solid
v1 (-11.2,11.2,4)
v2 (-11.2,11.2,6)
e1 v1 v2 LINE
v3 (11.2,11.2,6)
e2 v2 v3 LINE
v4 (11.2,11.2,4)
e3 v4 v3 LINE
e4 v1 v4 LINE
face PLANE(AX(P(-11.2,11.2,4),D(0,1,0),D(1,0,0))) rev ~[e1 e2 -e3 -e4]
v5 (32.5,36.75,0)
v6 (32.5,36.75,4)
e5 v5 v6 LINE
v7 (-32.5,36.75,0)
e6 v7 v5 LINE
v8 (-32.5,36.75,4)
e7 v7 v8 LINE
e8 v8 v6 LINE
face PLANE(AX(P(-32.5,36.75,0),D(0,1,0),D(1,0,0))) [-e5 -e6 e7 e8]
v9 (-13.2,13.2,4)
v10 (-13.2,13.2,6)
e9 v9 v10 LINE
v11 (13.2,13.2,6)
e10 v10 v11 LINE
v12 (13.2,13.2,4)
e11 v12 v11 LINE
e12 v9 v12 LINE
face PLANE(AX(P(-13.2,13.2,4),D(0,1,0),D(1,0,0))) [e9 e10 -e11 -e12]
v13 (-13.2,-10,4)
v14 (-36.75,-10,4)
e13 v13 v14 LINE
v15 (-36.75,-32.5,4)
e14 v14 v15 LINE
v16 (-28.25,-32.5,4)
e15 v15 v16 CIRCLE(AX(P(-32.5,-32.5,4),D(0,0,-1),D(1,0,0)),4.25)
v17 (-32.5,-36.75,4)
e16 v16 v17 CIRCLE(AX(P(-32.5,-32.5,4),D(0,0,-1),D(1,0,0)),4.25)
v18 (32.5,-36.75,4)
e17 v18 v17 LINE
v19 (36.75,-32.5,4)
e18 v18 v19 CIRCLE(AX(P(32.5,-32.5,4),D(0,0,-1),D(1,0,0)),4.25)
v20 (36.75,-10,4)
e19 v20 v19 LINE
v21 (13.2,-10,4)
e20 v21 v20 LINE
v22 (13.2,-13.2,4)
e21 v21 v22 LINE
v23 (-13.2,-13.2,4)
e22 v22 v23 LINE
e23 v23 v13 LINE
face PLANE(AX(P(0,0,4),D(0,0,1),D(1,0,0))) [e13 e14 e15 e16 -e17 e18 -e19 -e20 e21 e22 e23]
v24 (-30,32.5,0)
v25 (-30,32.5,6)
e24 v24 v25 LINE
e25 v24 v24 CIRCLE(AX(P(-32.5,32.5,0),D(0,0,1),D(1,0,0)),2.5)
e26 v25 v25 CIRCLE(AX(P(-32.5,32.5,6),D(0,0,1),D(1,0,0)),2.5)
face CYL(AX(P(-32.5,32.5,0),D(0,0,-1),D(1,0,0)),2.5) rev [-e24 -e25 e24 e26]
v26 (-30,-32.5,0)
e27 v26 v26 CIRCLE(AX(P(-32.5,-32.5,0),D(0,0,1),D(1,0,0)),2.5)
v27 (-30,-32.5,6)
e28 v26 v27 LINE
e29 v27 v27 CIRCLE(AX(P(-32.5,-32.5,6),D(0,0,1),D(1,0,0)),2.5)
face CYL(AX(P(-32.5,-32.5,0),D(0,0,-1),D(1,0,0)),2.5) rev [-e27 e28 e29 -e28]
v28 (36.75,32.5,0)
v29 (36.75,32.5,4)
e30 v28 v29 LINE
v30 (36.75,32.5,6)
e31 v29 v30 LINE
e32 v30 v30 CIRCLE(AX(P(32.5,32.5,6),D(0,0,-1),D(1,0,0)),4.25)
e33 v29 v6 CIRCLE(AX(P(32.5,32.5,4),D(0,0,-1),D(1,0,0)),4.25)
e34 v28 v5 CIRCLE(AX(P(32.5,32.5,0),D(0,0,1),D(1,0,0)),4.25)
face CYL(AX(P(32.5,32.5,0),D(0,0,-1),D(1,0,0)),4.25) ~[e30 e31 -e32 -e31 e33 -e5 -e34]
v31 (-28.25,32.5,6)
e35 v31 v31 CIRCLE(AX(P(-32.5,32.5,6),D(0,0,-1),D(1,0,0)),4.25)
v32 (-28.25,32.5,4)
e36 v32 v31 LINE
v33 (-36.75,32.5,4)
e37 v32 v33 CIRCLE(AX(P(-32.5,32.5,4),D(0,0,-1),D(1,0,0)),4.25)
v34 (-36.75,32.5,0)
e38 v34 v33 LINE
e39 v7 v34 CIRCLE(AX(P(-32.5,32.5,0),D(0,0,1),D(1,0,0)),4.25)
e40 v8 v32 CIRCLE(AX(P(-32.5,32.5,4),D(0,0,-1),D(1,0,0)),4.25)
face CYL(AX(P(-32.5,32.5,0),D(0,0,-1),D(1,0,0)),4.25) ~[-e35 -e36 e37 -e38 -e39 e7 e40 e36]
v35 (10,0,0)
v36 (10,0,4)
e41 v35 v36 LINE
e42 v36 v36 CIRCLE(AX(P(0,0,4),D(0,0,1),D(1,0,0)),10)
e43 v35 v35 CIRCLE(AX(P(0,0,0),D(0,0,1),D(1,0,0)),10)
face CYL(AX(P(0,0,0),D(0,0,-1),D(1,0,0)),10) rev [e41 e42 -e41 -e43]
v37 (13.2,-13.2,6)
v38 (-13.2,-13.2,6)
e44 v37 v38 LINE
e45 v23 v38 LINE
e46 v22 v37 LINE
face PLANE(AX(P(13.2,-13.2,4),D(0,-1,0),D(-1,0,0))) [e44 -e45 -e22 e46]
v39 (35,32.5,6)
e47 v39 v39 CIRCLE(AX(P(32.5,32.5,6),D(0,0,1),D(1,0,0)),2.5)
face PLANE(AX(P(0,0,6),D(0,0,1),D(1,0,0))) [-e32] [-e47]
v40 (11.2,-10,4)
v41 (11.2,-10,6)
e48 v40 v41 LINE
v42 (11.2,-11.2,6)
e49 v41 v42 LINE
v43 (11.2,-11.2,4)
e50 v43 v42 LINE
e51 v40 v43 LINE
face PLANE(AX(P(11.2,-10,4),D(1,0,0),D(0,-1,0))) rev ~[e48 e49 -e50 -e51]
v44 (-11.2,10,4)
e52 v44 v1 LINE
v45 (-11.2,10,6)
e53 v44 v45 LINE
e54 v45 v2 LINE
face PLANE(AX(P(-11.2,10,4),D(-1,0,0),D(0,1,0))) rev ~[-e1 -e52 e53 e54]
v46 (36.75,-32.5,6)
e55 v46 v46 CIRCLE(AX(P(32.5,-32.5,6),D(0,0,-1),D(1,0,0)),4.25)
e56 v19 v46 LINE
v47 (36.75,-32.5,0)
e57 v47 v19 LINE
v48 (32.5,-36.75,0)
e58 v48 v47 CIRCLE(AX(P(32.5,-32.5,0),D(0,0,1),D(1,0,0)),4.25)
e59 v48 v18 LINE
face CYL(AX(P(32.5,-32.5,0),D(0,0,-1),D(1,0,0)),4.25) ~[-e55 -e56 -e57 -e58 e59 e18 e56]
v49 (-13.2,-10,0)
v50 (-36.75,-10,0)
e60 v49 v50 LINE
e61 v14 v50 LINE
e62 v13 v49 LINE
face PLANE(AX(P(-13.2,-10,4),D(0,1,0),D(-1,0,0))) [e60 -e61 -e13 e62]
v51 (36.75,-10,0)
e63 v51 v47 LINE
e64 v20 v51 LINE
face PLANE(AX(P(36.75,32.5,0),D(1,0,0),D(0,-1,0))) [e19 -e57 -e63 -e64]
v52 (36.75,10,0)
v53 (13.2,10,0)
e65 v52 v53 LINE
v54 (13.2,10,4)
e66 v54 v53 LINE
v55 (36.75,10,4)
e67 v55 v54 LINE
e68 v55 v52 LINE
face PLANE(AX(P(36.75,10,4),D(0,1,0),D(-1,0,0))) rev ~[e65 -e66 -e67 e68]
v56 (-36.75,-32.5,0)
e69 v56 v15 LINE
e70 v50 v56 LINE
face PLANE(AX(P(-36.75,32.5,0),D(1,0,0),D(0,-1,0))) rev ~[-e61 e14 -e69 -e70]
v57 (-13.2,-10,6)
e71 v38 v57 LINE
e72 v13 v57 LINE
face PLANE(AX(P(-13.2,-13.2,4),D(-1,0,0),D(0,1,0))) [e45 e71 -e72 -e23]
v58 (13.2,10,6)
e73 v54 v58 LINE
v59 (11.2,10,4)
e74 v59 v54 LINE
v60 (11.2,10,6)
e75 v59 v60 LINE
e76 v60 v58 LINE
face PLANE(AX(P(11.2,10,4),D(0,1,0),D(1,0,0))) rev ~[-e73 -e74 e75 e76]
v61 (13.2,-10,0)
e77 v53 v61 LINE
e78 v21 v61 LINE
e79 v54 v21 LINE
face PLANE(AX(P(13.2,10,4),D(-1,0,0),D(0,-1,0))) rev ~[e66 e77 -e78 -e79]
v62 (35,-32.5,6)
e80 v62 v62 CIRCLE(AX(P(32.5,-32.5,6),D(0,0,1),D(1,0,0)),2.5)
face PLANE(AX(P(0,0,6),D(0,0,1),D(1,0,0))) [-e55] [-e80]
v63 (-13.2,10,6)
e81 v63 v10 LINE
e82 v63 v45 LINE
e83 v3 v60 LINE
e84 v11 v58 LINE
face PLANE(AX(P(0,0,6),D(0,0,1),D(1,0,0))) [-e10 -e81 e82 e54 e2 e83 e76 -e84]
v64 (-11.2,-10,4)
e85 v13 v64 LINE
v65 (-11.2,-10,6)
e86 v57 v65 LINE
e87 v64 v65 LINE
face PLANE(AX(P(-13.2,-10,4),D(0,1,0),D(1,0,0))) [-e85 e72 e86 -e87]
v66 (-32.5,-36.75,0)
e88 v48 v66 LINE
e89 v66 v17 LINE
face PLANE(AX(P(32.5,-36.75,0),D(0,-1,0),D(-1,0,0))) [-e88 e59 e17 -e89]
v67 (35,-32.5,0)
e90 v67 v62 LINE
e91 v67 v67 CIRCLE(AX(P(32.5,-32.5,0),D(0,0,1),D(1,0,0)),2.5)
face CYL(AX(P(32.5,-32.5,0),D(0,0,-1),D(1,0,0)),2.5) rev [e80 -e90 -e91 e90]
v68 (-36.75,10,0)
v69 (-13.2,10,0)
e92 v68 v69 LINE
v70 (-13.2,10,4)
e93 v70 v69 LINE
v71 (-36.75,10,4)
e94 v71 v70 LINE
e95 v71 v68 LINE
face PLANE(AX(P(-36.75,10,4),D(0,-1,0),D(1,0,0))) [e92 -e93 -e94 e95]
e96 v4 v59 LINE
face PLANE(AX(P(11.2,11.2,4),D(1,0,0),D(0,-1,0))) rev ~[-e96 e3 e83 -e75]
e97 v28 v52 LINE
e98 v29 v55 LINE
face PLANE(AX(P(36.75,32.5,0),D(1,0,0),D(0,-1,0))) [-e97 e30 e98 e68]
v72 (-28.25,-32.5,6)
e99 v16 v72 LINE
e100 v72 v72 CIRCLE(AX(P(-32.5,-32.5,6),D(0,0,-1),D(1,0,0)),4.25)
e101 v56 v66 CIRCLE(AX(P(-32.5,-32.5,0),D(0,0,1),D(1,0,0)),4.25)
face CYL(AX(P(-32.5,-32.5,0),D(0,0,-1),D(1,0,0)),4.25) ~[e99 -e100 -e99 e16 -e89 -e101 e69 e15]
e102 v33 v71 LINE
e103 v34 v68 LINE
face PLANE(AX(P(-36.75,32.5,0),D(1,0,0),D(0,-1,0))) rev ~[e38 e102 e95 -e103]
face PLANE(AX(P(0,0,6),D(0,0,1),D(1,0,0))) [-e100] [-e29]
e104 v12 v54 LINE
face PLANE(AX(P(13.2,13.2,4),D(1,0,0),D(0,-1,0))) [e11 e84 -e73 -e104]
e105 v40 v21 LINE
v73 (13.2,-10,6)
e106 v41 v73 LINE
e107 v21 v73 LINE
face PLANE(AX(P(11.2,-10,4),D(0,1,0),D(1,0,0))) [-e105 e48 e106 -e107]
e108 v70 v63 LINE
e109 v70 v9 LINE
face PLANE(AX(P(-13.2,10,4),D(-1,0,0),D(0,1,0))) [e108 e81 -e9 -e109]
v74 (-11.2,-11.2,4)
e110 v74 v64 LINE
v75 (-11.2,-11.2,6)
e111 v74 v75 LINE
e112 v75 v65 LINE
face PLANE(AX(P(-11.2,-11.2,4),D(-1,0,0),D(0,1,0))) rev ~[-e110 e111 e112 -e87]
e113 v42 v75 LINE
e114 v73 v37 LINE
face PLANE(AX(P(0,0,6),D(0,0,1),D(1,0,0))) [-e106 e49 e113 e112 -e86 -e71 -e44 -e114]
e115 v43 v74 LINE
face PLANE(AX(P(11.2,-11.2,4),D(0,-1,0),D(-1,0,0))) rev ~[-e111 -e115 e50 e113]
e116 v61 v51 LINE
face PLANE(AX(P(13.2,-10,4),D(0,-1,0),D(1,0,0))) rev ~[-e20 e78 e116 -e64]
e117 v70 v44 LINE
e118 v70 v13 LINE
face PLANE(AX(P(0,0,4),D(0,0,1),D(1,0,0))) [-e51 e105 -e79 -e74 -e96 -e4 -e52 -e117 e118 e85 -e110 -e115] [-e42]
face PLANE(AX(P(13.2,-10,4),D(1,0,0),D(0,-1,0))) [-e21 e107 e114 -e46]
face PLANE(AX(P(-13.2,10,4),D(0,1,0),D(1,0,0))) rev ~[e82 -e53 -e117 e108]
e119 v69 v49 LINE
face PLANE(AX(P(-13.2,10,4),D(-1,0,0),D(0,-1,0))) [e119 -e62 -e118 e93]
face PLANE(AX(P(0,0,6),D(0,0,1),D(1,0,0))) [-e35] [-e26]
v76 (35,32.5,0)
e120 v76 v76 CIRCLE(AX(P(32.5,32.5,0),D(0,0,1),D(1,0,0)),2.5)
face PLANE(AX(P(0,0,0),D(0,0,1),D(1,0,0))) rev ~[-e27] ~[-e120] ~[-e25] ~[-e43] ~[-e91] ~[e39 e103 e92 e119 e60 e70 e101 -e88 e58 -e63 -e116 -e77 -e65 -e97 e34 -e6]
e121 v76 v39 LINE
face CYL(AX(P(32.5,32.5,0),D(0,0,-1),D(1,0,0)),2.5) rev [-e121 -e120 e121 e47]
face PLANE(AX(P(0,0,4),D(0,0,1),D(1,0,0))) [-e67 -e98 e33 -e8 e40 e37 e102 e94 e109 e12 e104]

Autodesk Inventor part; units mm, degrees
ref_plane "YZ Plane" through (0, 0, 0) normal (1, 0, 0) x (0, 1, 0)
ref_plane "XZ Plane" through (0, 0, 0) normal (0, 1, 0) x (-1, 0, 0)
ref_plane "XY Plane" through (0, 0, 0) normal (0, 0, 1) x (1, 0, 0)
sketch "Sketch1" plane through (0, 0, 0) normal (0, 0, 1) x (1, 0, 0)
  line L0 (-32.5, 32.5) -> (32.5, 32.5) construction
  line L1 (32.5, 32.5) -> (32.5, -32.5) construction
  line L2 (32.5, -32.5) -> (-32.5, -32.5) construction
  line L3 (-32.5, -32.5) -> (-32.5, 32.5) construction
  circle A0 centre (-32.5, 32.5) radius 2.5
  circle A1 centre (32.5, 32.5) radius 2.5
  circle A2 centre (-32.5, -32.5) radius 2.5
  circle A3 centre (32.5, -32.5) radius 2.5
  line L4 (-32.5, 32.5) -> (32.5, -32.5) construction
  circle A4 centre (0, 0) radius 10
  circle A5 centre (-32.5, 32.5) radius 4.25
  circle A6 centre (32.5, 32.5) radius 4.25
  circle A7 centre (-32.5, -32.5) radius 4.25
  circle A8 centre (32.5, -32.5) radius 4.25
  line L5 (-32.5, 36.75) -> (32.5, 36.75)
  line L6 (32.5, -36.75) -> (-32.5, -36.75)
  line L7 (-36.75, 32.5) -> (-36.75, -32.5)
  line L8 (36.75, 32.5) -> (36.75, -32.5)
  dimension "d1" = 65
  dimension "d2" = 5
  dimension "d4" = 20
  dimension "d16" = 8.5
extrude "Extrusion1" add sketch "Sketch1" along normal blind 4
sketch "Sketch2" plane through (0, 0, 4) normal (0, 0, 1) x (1, 0, 0)
  line L0 (-11.2, 11.2) -> (11.2, 11.2)
  line L1 (11.2, -11.2) -> (-11.2, -11.2)
  line L2 (0, 11.2) -> (0, 36.75) construction
  line L3 (0, -11.2) -> (0, -36.75) construction
  line L4 (-13.2, 13.2) -> (13.2, 13.2)
  line L5 (13.2, -13.2) -> (-13.2, -13.2)
  line L6 (11.2, 11.2) -> (13.2, 13.2) construction
  line L7 (-11.2, 11.2) -> (-13.2, 13.2) construction
  line L8 (-13.2, -13.2) -> (-11.2, -11.2) construction
  line L9 (11.2, -11.2) -> (13.2, -13.2) construction
  circle A0 centre (0, 0) radius 10 projected
  circle A1 centre (-32.5, -32.5) radius 2.5 projected
  circle A2 centre (32.5, -32.5) radius 2.5 projected
  circle A3 centre (32.5, 32.5) radius 2.5 projected
  circle A4 centre (-32.5, 32.5) radius 2.5 projected
  arc A5 (32.5, -36.75) -> (36.75, -32.5) centre (32.5, -32.5) ccw projected
  line L10 (36.75, -32.5) -> (36.75, 32.5) projected
  arc A6 (36.75, 32.5) -> (32.5, 36.75) centre (32.5, 32.5) ccw projected
  line L11 (32.5, 36.75) -> (-32.5, 36.75) projected
  arc A7 (-32.5, 36.75) -> (-36.75, 32.5) centre (-32.5, 32.5) ccw projected
  line L12 (-36.75, 32.5) -> (-36.75, -32.5) projected
  arc A8 (-36.75, -32.5) -> (-32.5, -36.75) centre (-32.5, -32.5) ccw projected
  line L13 (-32.5, -36.75) -> (32.5, -36.75) projected
  line L14 (-32.5, -36.75) -> (32.5, -36.75) projected
  line L15 (36.75, -32.5) -> (36.75, 32.5) projected
  line L16 (32.5, 36.75) -> (-32.5, 36.75) projected
  line L17 (-13.2, 10) -> (-11.2, 10)
  line L18 (-13.2, -10) -> (-11.2, -10)
  line L19 (-13.2, -13.2) -> (-13.2, -10)
  line L20 (-13.2, 10) -> (-13.2, 13.2)
  line L21 (-11.2, -11.2) -> (-11.2, -10)
  line L22 (-11.2, 10) -> (-11.2, 11.2)
  line L23 (11.2, 10) -> (13.2, 10)
  line L24 (11.2, -10) -> (13.2, -10)
  line L25 (11.2, 11.2) -> (11.2, 10)
  line L26 (11.2, -10) -> (11.2, -11.2)
  line L27 (13.2, 13.2) -> (13.2, 10)
  line L28 (13.2, -10) -> (13.2, -13.2)
  line L29 (-11.2, 11.2) -> (0, 0) construction
  line L30 (0, 0) -> (-11.2, -11.2) construction
  line L31 (0, 0) -> (11.2, 11.2) construction
  line L32 (0, 0) -> (11.2, -11.2) construction
  dimension "d7" = 22.4
  dimension "d24" = 2
  dimension "d31" = 2
  dimension "d34" = 20
extrude "Extrusion2" add sketch "Sketch2" along normal blind 2 contours L22 L17 L20 L4 L27 L23 L25 L0 | L26 L24 L28 L5 L19 L18 L21 L1
extrude "Extrusion4" add sketch "Sketch1" along normal blind 6 contours A5 | A6 | A7 | A8
sketch "Sketch4" plane through (0, 0, 4) normal (0, 0, 1) x (1, 0, 0)
  line L0 (13.2, 13.2) -> (13.2, 10) projected
  line L1 (-13.2, 13.2) -> (13.2, 13.2) projected
  arc A0 (36.75, -32.5) -> (32.5, -36.75) centre (32.5, -32.5) ccw projected
  line L2 (36.75, -32.5) -> (36.75, 32.5) projected
  arc A1 (32.5, 36.75) -> (36.75, 32.5) centre (32.5, 32.5) ccw projected
  line L3 (32.5, 36.75) -> (-32.5, 36.75) projected
  arc A2 (-36.75, 32.5) -> (-32.5, 36.75) centre (-32.5, 32.5) ccw projected
  line L4 (-36.75, 32.5) -> (-36.75, -32.5) projected
  arc A3 (-32.5, -36.75) -> (-36.75, -32.5) centre (-32.5, -32.5) ccw projected
  line L5 (-32.5, -36.75) -> (32.5, -36.75) projected
  line L6 (-13.2, 10) -> (-13.2, -10)
  line L7 (-13.2, -10) -> (-36.75, -10)
  line L8 (-36.75, -10) -> (-36.75, 10)
  line L9 (-36.75, 10) -> (-13.2, 10)
  line L10 (32.5, 36.75) -> (-32.5, 36.75) construction
  line L11 (0, 36.75) -> (0, -36.75) construction
  line L12 (13.2, 10) -> (13.2, -10)
  line L13 (13.2, -10) -> (36.75, -10)
  line L14 (36.75, -10) -> (36.75, 10)
  line L15 (36.75, 10) -> (13.2, 10)
  line L16 (-11.2, 11.2) -> (-11.2, 10) projected
  line L17 (-11.2, 10) -> (-13.2, 10) projected
  line L18 (-13.2, 10) -> (-13.2, 13.2) projected
  line L19 (13.2, 10) -> (11.2, 10) projected
  line L20 (11.2, 10) -> (11.2, 11.2) projected
  line L21 (11.2, 11.2) -> (-11.2, 11.2) projected
  line L22 (-11.2, 11.2) -> (11.2, 11.2) projected
  line L23 (11.2, 11.2) -> (11.2, 10) projected
  line L24 (11.2, 10) -> (13.2, 10) projected
  line L25 (13.2, 10) -> (13.2, 13.2) projected
  line L26 (13.2, 13.2) -> (-13.2, 13.2) projected
  line L27 (-13.2, 13.2) -> (-13.2, 10) projected
  line L28 (-13.2, 10) -> (-11.2, 10) projected
  line L29 (-11.2, 10) -> (-11.2, 11.2) projected
  line L30 (-11.2, -11.2) -> (-11.2, -10) projected
  line L31 (-13.2, -10) -> (-13.2, -13.2) projected
  line L32 (-13.2, 13.2) -> (-13.2, 10) projected
  circle A4 centre (0, 0) radius 10 projected
  line L33 (-11.2, -11.2) -> (11.2, -11.2) projected
  line L34 (11.2, -11.2) -> (11.2, -10) projected
  line L35 (11.2, -10) -> (13.2, -10) projected
  line L36 (13.2, -10) -> (13.2, -13.2) projected
  line L37 (13.2, -13.2) -> (-13.2, -13.2) projected
  line L38 (-13.2, -13.2) -> (-13.2, -10) projected
  line L39 (-13.2, -10) -> (-11.2, -10) projected
  line L40 (-11.2, -10) -> (-11.2, -11.2) projected
  point P0 (-36.75, 0)
  point P1 (36.75, 0)
  dimension "d20" = 20
extrude "Extrusion5" cut sketch "Sketch4" against normal through all contours L15 L2 L13 L12 | L6 L7 L4 L9
properties part number "20mm glass cuvette holder"
